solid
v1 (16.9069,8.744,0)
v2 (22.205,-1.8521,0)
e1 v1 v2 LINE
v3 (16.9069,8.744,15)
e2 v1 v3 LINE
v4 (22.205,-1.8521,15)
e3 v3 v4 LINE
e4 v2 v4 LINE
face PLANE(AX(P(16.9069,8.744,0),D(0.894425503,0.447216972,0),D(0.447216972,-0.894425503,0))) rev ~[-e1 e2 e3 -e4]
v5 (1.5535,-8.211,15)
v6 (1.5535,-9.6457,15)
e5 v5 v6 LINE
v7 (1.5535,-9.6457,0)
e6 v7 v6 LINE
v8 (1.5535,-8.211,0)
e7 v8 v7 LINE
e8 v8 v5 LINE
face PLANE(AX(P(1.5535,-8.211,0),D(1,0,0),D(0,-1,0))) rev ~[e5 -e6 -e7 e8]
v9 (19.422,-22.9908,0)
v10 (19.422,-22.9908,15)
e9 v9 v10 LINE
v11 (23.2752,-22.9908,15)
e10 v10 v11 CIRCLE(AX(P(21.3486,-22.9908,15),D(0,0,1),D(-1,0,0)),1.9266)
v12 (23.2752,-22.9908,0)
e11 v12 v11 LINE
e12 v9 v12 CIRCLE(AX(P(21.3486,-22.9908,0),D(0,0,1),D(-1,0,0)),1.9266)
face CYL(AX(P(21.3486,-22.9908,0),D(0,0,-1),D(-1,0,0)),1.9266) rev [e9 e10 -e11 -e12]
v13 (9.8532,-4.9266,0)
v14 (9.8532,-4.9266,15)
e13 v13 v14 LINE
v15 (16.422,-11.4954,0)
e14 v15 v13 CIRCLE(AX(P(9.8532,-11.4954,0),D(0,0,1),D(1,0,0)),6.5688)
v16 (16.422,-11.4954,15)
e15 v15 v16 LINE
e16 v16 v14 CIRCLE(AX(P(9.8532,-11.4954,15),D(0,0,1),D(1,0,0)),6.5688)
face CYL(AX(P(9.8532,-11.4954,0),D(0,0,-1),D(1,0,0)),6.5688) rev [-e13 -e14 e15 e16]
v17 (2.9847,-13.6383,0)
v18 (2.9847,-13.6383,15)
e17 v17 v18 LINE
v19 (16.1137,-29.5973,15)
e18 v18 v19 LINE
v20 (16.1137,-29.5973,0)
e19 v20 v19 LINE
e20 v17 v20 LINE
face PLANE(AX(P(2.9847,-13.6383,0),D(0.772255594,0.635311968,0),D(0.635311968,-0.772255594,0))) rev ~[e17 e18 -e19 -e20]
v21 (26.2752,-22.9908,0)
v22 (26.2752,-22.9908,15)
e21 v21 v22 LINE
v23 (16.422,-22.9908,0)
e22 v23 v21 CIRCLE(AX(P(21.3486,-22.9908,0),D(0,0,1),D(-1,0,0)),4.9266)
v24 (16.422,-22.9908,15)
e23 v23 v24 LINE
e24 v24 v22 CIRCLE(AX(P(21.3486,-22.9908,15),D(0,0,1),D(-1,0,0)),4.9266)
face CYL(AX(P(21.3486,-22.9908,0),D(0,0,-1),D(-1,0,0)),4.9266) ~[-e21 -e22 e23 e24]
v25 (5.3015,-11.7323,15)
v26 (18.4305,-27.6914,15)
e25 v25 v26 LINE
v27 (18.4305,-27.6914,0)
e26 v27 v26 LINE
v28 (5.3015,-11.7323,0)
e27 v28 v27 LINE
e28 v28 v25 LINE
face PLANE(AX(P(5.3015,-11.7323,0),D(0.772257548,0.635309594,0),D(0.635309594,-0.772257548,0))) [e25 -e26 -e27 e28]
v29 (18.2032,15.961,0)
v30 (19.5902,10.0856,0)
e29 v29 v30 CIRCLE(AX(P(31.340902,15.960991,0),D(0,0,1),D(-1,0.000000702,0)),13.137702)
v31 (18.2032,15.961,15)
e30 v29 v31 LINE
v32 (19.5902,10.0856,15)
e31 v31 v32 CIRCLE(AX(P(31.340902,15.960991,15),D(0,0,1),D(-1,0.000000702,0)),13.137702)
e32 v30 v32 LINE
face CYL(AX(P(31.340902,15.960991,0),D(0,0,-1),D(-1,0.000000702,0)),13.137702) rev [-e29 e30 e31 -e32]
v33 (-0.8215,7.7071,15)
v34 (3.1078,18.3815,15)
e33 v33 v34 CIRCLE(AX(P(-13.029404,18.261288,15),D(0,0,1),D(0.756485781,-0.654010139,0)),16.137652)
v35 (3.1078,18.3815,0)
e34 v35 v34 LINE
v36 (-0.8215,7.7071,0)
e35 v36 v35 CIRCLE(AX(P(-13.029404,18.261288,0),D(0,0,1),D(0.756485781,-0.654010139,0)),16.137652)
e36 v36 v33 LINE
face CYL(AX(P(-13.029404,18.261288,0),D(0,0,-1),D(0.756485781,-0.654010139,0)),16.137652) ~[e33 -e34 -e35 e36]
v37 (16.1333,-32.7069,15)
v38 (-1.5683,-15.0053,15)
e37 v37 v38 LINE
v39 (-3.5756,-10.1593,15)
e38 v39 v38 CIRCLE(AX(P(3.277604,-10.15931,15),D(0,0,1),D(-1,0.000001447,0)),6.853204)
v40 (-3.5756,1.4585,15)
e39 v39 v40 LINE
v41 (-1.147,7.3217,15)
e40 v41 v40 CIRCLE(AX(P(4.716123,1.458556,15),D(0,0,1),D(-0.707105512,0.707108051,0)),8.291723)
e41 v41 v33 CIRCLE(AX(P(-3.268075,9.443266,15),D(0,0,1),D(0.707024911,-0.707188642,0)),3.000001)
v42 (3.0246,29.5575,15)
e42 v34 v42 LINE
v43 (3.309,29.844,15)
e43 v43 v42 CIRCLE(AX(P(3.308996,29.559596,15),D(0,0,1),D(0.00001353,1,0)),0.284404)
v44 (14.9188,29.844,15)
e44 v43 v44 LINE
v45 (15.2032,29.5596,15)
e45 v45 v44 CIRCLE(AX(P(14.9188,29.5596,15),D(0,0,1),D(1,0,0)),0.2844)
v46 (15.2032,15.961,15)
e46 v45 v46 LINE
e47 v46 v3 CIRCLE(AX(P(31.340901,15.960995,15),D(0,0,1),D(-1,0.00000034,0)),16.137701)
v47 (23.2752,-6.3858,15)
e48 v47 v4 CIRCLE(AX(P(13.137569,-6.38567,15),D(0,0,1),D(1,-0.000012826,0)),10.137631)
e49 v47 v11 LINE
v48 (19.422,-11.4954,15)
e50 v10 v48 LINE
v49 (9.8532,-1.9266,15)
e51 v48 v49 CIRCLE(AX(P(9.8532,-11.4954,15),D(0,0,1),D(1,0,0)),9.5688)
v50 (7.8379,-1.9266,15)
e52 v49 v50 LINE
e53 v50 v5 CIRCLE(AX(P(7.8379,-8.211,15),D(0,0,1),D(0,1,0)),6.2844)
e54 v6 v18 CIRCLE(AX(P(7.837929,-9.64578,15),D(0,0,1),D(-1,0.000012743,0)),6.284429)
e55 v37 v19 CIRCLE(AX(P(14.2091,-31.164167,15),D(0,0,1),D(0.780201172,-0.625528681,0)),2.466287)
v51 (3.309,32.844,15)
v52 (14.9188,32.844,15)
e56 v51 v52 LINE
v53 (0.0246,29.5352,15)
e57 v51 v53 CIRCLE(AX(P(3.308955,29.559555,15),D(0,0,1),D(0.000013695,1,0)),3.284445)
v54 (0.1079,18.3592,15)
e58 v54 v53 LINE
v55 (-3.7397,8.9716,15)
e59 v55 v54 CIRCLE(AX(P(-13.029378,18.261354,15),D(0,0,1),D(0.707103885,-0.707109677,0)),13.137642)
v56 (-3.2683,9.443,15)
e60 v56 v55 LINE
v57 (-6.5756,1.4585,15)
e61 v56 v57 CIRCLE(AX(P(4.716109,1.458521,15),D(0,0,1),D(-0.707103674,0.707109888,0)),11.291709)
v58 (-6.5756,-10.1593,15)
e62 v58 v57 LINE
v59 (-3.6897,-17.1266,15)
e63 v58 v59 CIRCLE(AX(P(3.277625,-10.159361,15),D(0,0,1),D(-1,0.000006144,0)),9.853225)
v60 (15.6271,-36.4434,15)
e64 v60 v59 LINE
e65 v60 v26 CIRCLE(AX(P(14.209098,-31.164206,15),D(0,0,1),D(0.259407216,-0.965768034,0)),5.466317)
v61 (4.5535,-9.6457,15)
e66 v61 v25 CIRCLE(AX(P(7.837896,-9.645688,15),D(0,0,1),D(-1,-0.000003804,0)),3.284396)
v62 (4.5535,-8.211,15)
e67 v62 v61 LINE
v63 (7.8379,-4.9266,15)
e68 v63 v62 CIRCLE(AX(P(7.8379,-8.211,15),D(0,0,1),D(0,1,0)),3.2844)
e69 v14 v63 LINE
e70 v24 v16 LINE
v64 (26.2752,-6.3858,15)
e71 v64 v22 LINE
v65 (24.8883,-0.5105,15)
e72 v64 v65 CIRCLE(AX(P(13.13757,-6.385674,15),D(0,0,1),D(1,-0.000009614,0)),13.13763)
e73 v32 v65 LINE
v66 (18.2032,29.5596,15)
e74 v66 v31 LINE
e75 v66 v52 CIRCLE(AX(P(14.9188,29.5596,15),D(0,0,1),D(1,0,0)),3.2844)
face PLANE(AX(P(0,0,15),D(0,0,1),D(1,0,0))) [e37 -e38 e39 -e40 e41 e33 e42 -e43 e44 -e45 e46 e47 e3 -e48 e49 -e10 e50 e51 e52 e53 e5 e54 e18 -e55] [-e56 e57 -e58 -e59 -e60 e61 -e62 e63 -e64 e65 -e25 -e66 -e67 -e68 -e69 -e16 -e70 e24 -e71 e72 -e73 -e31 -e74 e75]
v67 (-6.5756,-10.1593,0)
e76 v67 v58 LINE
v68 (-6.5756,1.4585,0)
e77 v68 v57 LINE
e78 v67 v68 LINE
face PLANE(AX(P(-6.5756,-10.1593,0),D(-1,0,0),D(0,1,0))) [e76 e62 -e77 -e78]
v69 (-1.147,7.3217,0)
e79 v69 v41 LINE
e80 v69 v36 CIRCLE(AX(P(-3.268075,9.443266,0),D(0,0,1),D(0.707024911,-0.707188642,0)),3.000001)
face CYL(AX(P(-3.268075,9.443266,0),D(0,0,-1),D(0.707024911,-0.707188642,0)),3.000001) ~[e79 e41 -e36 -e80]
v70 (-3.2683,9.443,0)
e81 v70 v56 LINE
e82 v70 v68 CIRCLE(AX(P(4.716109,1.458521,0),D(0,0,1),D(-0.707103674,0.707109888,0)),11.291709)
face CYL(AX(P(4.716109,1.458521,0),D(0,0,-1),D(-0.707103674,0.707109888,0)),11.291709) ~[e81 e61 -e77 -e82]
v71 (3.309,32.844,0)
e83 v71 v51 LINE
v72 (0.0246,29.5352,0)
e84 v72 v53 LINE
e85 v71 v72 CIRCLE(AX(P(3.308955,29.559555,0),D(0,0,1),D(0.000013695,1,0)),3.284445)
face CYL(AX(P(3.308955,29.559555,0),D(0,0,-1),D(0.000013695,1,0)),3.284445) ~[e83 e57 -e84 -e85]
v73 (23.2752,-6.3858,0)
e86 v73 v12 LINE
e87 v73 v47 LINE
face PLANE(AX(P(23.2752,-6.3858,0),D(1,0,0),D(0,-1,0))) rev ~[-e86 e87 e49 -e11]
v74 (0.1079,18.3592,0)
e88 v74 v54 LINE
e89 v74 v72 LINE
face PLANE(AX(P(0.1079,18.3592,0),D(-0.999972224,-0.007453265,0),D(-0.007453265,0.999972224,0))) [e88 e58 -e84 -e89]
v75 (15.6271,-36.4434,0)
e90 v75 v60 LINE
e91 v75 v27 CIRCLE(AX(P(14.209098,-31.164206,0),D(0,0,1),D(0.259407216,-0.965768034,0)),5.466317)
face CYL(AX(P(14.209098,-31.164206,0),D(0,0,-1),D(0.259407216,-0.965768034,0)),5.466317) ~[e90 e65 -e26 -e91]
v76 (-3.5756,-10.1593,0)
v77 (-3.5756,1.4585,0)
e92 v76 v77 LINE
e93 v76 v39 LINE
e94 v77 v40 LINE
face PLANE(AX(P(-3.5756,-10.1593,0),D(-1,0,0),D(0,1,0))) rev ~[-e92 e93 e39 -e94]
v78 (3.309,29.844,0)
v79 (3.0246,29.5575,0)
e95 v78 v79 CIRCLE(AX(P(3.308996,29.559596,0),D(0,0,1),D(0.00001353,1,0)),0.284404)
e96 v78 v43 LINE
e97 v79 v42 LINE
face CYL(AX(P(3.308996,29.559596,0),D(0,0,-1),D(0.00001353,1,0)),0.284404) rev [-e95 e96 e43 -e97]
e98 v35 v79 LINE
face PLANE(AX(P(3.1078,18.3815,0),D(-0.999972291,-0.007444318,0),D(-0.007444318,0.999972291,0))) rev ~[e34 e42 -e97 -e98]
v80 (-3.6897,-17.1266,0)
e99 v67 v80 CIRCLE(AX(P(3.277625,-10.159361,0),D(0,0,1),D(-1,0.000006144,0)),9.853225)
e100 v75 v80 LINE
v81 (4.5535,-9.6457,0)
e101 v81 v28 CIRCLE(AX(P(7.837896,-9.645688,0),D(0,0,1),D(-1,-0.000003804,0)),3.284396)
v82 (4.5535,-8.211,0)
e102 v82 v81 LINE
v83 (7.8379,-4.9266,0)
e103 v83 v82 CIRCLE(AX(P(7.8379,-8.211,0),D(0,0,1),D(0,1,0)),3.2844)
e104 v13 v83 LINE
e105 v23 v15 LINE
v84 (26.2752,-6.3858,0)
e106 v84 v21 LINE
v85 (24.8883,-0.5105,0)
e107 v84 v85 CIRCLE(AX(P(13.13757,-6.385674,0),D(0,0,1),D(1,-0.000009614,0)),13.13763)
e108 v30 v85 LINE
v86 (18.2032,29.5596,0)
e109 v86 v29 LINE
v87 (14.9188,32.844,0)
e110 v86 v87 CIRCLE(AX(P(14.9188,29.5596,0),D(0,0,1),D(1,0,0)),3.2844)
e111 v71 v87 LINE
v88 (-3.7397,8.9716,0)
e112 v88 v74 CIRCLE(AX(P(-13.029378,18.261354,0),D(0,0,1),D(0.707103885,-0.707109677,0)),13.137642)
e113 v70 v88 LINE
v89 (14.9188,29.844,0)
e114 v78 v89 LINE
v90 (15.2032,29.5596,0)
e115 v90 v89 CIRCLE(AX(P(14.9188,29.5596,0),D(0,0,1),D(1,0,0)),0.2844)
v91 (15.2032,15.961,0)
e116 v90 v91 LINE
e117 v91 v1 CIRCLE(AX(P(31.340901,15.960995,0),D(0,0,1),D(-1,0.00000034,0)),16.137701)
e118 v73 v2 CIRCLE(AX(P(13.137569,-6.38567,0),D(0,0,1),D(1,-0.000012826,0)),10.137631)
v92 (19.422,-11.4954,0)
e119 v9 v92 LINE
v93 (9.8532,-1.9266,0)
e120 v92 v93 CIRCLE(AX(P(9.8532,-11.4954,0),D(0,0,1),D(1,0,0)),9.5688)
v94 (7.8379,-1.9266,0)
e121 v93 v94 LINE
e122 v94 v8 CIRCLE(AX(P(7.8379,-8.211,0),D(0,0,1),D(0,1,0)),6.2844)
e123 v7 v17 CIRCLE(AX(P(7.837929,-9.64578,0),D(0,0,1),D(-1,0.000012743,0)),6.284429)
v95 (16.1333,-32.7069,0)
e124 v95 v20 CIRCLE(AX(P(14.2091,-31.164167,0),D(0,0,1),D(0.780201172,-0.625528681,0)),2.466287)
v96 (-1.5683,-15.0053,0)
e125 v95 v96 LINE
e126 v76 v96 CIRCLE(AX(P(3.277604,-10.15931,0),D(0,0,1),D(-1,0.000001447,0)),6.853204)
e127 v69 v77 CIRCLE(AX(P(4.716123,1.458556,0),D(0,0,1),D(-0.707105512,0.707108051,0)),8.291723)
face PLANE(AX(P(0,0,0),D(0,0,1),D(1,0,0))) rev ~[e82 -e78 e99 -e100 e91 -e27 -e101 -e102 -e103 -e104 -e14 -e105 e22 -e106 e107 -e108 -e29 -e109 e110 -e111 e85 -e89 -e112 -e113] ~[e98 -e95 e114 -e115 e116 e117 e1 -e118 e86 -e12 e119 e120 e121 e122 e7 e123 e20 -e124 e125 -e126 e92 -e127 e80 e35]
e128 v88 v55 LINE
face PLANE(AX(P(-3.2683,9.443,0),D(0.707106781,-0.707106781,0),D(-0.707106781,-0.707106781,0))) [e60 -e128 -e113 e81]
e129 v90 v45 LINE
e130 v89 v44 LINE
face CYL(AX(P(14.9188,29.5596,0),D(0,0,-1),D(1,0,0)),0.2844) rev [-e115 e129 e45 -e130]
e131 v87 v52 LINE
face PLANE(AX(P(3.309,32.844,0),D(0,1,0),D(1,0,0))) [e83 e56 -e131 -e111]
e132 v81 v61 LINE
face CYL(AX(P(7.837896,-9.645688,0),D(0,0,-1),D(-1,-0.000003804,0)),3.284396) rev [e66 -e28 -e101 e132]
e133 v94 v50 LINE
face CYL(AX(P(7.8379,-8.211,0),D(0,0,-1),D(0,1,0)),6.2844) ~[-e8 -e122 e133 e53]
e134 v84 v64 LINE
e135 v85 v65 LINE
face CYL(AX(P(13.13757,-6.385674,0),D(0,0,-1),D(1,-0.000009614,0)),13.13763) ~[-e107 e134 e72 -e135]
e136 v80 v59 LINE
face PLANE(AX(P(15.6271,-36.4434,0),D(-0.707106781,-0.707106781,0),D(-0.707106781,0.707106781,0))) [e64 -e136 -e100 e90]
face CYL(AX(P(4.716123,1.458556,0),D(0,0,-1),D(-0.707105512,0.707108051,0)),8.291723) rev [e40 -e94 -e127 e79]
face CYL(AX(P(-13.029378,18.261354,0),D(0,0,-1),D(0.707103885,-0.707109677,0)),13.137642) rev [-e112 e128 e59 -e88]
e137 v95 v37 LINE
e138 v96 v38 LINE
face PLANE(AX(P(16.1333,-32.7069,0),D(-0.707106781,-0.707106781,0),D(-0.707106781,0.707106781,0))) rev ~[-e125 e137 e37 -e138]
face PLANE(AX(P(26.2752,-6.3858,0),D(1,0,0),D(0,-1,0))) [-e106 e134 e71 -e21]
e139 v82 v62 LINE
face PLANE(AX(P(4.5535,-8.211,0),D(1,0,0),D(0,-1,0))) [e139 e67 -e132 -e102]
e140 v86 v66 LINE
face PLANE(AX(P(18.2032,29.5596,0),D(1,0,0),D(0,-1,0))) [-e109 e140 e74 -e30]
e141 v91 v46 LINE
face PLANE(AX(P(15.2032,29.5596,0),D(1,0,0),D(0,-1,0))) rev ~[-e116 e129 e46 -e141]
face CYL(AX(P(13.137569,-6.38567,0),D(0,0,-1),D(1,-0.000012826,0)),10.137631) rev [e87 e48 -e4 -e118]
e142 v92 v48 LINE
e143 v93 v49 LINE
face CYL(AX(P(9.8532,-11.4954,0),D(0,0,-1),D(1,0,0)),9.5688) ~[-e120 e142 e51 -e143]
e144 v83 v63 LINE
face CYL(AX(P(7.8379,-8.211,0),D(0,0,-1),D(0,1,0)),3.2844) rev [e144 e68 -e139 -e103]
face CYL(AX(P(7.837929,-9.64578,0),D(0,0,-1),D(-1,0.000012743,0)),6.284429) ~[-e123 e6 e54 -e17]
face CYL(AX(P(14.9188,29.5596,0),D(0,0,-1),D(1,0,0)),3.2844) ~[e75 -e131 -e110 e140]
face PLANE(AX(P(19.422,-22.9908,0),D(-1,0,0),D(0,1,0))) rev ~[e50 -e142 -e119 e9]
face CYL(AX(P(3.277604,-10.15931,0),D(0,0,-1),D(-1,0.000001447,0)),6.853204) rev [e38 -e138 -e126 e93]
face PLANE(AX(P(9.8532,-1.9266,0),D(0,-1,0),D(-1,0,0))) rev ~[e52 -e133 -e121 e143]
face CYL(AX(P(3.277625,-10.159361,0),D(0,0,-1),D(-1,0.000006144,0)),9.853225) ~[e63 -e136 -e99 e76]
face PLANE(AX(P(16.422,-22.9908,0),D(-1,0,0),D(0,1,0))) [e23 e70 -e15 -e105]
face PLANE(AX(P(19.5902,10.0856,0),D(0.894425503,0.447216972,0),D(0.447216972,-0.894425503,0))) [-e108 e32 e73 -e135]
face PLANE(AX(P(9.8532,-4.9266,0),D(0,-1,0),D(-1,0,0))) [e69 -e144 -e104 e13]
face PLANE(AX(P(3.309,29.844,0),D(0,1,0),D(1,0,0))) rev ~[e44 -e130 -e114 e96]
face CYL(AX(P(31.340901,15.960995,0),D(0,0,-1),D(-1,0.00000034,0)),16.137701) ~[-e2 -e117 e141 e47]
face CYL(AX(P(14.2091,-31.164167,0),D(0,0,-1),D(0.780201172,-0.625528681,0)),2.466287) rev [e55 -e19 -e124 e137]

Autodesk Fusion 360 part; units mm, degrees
sketch "Sketch1" plane through (0, 0, 0) normal (0, 0, 1) x (1, 0, 0)
  line L0 (3.309, 32.844) -> (14.9188, 32.844)
  line L1 (26.2752, -6.3858) -> (26.2752, -22.9908)
  arc A0 (16.422, -22.9908) -> (26.2752, -22.9908) centre (21.3486, -22.9908) ccw
  line L2 (16.422, -22.9908) -> (16.422, -11.4954)
  line L3 (5.3015, -11.7323) -> (18.4305, -27.6914)
  arc A1 (15.6271, -36.4434) -> (18.4305, -27.6914) centre (14.2091, -31.1642) ccw
  line L4 (15.6271, -36.4434) -> (-3.6897, -17.1266)
  line L5 (-6.5756, -10.1593) -> (-6.5756, 1.4585)
  line L6 (-3.2683, 9.443) -> (-3.7397, 8.9716)
  line L7 (0.1079, 18.3592) -> (0.0246, 29.5352)
  line L8 (18.2032, 29.5596) -> (18.2032, 15.961)
  line L9 (19.5902, 10.0856) -> (24.8883, -0.5105)
  arc A2 (-3.2683, 9.443) -> (-6.5756, 1.4585) centre (4.7161, 1.4585) ccw
  line L10 (9.8532, -4.9266) -> (7.8379, -4.9266)
  line L11 (4.5535, -8.211) -> (4.5535, -9.6457)
  arc A3 (7.8379, -4.9266) -> (4.5535, -8.211) centre (7.8379, -8.211) ccw
  arc A4 (4.5535, -9.6457) -> (5.3015, -11.7323) centre (7.8379, -9.6457) ccw
  arc A5 (16.422, -11.4954) -> (9.8532, -4.9266) centre (9.8532, -11.4954) ccw
  arc A6 (-6.5756, -10.1593) -> (-3.6897, -17.1266) centre (3.2776, -10.1593) ccw
  arc A7 (26.2752, -6.3858) -> (24.8883, -0.5105) centre (13.1376, -6.3858) ccw
  arc A8 (18.2032, 15.961) -> (19.5902, 10.0856) centre (31.3409, 15.961) ccw
  arc A9 (-3.7397, 8.9716) -> (0.1079, 18.3592) centre (-13.0294, 18.2613) ccw
  arc A10 (3.309, 32.844) -> (0.0246, 29.5352) centre (3.309, 29.5596) ccw
  arc A11 (18.2032, 29.5596) -> (14.9188, 32.844) centre (14.9188, 29.5596) ccw
  arc A12 (-1.147, 7.3217) -> (-3.5756, 1.4585) centre (4.7161, 1.4585) ccw
  line L12 (-3.5756, -10.1593) -> (-3.5756, 1.4585)
  arc A13 (-3.5756, -10.1593) -> (-1.5683, -15.0053) centre (3.2776, -10.1593) ccw
  line L13 (16.1333, -32.7069) -> (-1.5683, -15.0053)
  arc A14 (16.1333, -32.7069) -> (16.1137, -29.5973) centre (14.2091, -31.1642) ccw
  line L14 (2.9847, -13.6383) -> (16.1137, -29.5973)
  arc A15 (1.5535, -9.6457) -> (2.9847, -13.6383) centre (7.8379, -9.6457) ccw
  line L15 (1.5535, -8.211) -> (1.5535, -9.6457)
  arc A16 (7.8379, -1.9266) -> (1.5535, -8.211) centre (7.8379, -8.211) ccw
  line L16 (9.8532, -1.9266) -> (7.8379, -1.9266)
  arc A17 (19.422, -11.4954) -> (9.8532, -1.9266) centre (9.8532, -11.4954) ccw
  line L17 (19.422, -22.9908) -> (19.422, -11.4954)
  arc A18 (19.422, -22.9908) -> (23.2752, -22.9908) centre (21.3486, -22.9908) ccw
  line L18 (23.2752, -6.3858) -> (23.2752, -22.9908)
  arc A19 (23.2752, -6.3858) -> (22.205, -1.8521) centre (13.1376, -6.3858) ccw
  line L19 (16.9069, 8.744) -> (22.205, -1.8521)
  arc A20 (15.2032, 15.961) -> (16.9069, 8.744) centre (31.3409, 15.961) ccw
  line L20 (15.2032, 29.5596) -> (15.2032, 15.961)
  arc A21 (15.2032, 29.5596) -> (14.9188, 29.844) centre (14.9188, 29.5596) ccw
  line L21 (3.309, 29.844) -> (14.9188, 29.844)
  arc A22 (3.309, 29.844) -> (3.0246, 29.5575) centre (3.309, 29.5596) ccw
  line L22 (3.1078, 18.3815) -> (3.0246, 29.5575)
  arc A23 (-0.8215, 7.7071) -> (3.1078, 18.3815) centre (-13.0294, 18.2613) ccw
  arc A24 (-1.147, 7.3217) -> (-0.8215, 7.7071) centre (-3.2683, 9.443) ccw
  dimension "d13" = 3
extrude "Extrude1" add sketch "Sketch1" along normal blind 15
sketch "Sketch2" plane through (0, 0, 0) normal (0, 1, 0) x (1, 0, 0)
